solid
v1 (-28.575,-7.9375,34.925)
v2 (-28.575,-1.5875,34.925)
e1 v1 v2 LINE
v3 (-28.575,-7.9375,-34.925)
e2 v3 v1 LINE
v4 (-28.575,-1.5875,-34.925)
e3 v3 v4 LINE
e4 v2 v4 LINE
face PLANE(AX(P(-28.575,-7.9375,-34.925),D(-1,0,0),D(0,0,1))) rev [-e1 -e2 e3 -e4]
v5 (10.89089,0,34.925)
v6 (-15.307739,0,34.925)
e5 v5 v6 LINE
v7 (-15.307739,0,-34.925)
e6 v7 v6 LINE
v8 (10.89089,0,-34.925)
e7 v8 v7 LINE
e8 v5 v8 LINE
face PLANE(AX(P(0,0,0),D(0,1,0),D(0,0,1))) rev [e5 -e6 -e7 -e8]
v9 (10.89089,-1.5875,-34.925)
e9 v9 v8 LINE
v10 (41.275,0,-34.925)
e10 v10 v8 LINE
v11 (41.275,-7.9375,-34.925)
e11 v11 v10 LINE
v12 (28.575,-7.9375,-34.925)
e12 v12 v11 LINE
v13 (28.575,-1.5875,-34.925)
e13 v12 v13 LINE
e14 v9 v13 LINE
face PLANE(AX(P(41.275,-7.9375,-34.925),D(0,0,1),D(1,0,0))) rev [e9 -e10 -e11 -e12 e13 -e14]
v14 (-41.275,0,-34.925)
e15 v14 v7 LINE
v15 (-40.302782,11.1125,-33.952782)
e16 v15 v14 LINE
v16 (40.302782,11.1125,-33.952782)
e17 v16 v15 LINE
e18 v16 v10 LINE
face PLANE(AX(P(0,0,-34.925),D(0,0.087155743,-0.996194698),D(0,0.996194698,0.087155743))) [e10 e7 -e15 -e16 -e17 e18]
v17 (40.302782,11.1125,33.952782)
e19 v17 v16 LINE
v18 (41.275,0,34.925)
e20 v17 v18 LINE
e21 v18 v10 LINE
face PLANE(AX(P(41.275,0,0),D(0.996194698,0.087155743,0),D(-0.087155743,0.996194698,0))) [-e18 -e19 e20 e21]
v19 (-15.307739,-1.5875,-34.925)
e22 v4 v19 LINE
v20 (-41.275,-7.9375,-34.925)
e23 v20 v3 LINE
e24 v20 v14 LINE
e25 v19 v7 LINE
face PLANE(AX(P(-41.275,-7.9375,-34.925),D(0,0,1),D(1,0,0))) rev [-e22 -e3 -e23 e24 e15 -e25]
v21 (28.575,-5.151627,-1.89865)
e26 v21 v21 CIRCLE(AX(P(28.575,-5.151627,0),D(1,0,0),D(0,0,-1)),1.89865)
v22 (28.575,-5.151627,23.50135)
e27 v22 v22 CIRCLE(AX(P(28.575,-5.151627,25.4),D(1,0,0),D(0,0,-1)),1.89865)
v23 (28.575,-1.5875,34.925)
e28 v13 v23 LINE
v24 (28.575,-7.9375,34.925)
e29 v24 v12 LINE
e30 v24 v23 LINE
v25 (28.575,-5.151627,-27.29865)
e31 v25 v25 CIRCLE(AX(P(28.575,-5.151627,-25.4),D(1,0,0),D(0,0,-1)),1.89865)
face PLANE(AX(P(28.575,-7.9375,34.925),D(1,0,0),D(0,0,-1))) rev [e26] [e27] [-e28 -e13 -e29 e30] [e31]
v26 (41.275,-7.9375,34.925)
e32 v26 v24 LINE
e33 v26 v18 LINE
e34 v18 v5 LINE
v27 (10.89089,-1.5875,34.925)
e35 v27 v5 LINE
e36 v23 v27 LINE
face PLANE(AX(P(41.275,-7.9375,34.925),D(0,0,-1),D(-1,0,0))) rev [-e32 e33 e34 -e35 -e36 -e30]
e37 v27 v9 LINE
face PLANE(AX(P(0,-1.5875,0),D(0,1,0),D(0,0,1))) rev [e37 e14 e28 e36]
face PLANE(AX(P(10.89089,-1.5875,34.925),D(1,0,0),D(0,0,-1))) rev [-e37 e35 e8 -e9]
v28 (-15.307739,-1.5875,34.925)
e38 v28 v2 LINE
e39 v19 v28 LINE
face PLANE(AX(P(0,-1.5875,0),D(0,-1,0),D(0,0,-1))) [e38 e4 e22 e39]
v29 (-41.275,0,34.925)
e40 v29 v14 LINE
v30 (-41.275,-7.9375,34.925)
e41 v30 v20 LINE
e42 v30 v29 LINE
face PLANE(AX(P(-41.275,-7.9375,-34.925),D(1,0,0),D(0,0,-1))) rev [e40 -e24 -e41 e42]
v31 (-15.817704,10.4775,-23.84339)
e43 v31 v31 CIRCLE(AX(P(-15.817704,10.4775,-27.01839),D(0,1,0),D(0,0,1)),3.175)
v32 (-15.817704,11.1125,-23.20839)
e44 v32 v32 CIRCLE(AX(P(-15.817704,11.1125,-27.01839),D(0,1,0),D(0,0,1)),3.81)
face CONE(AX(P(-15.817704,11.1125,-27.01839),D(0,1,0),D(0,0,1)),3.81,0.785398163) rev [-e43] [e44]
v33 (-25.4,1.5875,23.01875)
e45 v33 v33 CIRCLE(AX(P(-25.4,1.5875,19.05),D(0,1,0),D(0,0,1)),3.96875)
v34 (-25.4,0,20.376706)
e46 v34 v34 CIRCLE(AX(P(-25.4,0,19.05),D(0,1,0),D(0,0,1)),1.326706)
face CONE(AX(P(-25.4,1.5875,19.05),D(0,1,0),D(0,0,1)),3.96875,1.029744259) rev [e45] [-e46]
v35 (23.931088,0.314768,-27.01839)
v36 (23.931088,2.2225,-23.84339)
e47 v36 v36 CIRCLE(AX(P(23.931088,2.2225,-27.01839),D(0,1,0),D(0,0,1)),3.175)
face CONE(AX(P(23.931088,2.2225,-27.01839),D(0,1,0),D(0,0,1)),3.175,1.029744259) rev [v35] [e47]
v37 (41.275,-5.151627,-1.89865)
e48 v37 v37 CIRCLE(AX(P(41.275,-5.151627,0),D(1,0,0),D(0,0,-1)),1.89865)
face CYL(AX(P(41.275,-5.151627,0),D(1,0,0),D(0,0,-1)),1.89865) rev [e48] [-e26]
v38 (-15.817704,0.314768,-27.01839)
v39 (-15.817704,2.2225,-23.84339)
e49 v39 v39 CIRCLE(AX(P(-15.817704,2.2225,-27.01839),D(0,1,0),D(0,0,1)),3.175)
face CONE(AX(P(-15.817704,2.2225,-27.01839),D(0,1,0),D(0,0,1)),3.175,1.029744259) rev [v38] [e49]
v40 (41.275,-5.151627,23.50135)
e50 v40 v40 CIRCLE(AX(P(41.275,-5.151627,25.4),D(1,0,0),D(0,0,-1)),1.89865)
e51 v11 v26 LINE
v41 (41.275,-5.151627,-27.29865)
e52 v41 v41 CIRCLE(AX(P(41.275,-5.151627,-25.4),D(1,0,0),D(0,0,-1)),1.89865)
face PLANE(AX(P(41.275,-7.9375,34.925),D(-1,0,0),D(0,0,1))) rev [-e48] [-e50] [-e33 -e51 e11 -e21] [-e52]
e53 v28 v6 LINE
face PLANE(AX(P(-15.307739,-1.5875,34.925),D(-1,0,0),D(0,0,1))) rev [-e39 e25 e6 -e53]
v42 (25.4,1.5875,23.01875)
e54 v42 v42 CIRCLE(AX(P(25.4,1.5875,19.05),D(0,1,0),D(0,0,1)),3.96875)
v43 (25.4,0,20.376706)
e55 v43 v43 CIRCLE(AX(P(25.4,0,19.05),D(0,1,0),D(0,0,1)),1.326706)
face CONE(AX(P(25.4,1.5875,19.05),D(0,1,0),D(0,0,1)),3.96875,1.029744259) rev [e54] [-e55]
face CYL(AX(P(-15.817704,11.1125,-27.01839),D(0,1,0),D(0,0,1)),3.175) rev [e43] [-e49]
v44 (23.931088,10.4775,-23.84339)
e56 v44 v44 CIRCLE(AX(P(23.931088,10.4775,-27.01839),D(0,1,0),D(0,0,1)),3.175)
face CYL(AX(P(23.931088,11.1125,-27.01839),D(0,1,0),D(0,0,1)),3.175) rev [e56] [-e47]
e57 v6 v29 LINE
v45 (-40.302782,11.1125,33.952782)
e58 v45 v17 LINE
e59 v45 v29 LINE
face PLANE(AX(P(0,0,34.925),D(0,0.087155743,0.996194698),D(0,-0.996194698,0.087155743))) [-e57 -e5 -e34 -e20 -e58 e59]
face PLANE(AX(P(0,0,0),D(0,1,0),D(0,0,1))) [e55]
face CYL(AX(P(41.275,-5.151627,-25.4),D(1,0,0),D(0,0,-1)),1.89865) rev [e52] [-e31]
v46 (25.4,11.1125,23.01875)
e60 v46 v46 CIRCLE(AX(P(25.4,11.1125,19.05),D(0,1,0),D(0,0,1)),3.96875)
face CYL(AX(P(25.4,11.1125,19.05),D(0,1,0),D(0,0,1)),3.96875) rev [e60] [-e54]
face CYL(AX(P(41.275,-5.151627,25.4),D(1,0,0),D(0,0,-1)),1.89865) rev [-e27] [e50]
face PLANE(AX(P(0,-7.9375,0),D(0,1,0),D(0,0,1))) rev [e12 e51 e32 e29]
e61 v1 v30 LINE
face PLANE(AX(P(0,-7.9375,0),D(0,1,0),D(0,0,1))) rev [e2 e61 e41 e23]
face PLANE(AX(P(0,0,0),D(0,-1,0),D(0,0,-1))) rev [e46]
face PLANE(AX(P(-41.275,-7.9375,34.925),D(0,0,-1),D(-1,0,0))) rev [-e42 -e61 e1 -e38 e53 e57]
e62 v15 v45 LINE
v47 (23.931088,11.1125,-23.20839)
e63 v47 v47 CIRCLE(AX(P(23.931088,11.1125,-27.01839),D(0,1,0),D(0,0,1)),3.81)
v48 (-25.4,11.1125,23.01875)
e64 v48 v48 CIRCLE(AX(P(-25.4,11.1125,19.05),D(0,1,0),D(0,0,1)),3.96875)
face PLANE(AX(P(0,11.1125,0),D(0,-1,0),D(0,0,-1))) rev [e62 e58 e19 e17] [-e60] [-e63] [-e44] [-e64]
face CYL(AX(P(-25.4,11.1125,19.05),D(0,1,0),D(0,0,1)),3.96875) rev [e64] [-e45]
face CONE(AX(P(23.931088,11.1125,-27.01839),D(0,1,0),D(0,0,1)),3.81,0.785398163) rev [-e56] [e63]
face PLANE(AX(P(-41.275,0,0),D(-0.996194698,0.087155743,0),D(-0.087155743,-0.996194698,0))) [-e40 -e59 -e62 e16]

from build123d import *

# Parameters (mm, degrees)
SKETCH1_W                             = 82.55
SKETCH1_H                             = 69.85
BOSS_EXTRUDE1_DEPTH                   = 7.9375
SKETCH2_W                             = 82.55
SKETCH2_H                             = 69.85
BOSS_EXTRUDE2_DEPTH                   = 3.175
F_3_8_16_TAPPED_HOLE1_D               = 7.9375
F_3_8_16_TAPPED_HOLE1_DEPTH           = 9.525
F_3_8_16_TAPPED_HOLE1_TIP             = 2.384665582
DRAFT1_ANGLE                          = 5
SKETCH3_W                             = 12.7
SKETCH3_H                             = 69.85
BOSS_EXTRUDE3_DEPTH                   = 7.9375
SKETCH4_W                             = 13.267261336
SKETCH4_H                             = 69.85
SKETCH4_W_2                           = 17.684109612
WEAR_PADS_DEPTH                       = 1.5875
F_10_24_TAPPED_HOLE1_D                = 3.7973
F_10_24_TAPPED_HOLE1_DEPTH            = 12.7
F_1_4_0_25_DIAMETER_HOLE1_D           = 6.35
F_1_4_0_25_DIAMETER_HOLE1_DEPTH       = 8.89
F_1_4_0_25_DIAMETER_HOLE1_CSINK_D     = 7.62
F_1_4_0_25_DIAMETER_HOLE1_CSINK_ANGLE = 90
F_1_4_0_25_DIAMETER_HOLE1_TIP         = 1.907732465


with BuildPart() as part:
    # Sketch1 → Boss-Extrude1 (new body)
    with BuildSketch(Plane(origin=(0, 0, 0), x_dir=(1, 0, 0), z_dir=(0, 1, 0))):
        Rectangle(SKETCH1_W, SKETCH1_H)
    extrude(amount=BOSS_EXTRUDE1_DEPTH)

    # Sketch2 → Boss-Extrude2 (add)
    with BuildSketch(Plane(origin=(0, 7.9375, 0), x_dir=(1, 0, 0), z_dir=(0, 1, 0))):
        Rectangle(SKETCH2_W, SKETCH2_H)
    extrude(amount=BOSS_EXTRUDE2_DEPTH)

    # 3/8-16 Tapped Hole1
    with Locations(Plane(origin=(0, 11.1125, 0), x_dir=(1, 0, 0), z_dir=(0, 1, 0))):
        with Locations((-25.4, -19.05), (25.4, -19.05)):
            Hole(F_3_8_16_TAPPED_HOLE1_D / 2, depth=F_3_8_16_TAPPED_HOLE1_DEPTH)
            with Locations((0, 0, -(F_3_8_16_TAPPED_HOLE1_DEPTH + F_3_8_16_TAPPED_HOLE1_TIP / 2))):  # 118° drill point
                Cone(0, F_3_8_16_TAPPED_HOLE1_D / 2, F_3_8_16_TAPPED_HOLE1_TIP, mode=Mode.SUBTRACT)

    # Draft1
    draft1_faces = [part.faces().sort_by_distance(p)[0] for p in [
        (0, 5.55625, -34.925),
        (-41.275, 5.55625, 0),
        (0, 5.55625, 34.925),
        (41.275, 5.55625, 0),
    ]]
    draft(draft1_faces, Plane.ZX, DRAFT1_ANGLE)

    # Sketch3 → Boss-Extrude3 (add)
    with BuildSketch(Plane.XZ):
        with Locations((34.925, 0)):
            Rectangle(SKETCH3_W, SKETCH3_H)
        with Locations((-34.925, 0)):
            Rectangle(SKETCH3_W, SKETCH3_H)
    extrude(amount=BOSS_EXTRUDE3_DEPTH)

    # Sketch4 → Wear Pads (add)
    with BuildSketch(Plane.XZ):
        with Locations((-21.941369332, 0)):
            Rectangle(SKETCH4_W, SKETCH4_H)
        with Locations((19.732945194, 0)):
            Rectangle(SKETCH4_W_2, SKETCH4_H)
    extrude(amount=WEAR_PADS_DEPTH)

    # #10-24 Tapped Hole1
    with Locations(Plane(origin=(41.275, 0, 0), x_dir=(0, 0, -1), z_dir=(1, 0, 0))):
        with Locations((-25.4, -5.151627132), (25.4, -5.151627132), (0, -5.151627132)):
            Hole(F_10_24_TAPPED_HOLE1_D / 2, depth=F_10_24_TAPPED_HOLE1_DEPTH)

    # 1/4 (0.25) Diameter Hole1
    with Locations(Plane(origin=(0, 11.1125, 0), x_dir=(1, 0, 0), z_dir=(0, 1, 0))):
        with Locations((-15.817703685, 27.018390392), (23.931088267, 27.018390392)):
            CounterSinkHole(F_1_4_0_25_DIAMETER_HOLE1_D / 2, F_1_4_0_25_DIAMETER_HOLE1_CSINK_D / 2, depth=F_1_4_0_25_DIAMETER_HOLE1_DEPTH, counter_sink_angle=F_1_4_0_25_DIAMETER_HOLE1_CSINK_ANGLE)
            with Locations((0, 0, -(F_1_4_0_25_DIAMETER_HOLE1_DEPTH + F_1_4_0_25_DIAMETER_HOLE1_TIP / 2))):  # 118° drill point
                Cone(0, F_1_4_0_25_DIAMETER_HOLE1_D / 2, F_1_4_0_25_DIAMETER_HOLE1_TIP, mode=Mode.SUBTRACT)


solid = part.part
